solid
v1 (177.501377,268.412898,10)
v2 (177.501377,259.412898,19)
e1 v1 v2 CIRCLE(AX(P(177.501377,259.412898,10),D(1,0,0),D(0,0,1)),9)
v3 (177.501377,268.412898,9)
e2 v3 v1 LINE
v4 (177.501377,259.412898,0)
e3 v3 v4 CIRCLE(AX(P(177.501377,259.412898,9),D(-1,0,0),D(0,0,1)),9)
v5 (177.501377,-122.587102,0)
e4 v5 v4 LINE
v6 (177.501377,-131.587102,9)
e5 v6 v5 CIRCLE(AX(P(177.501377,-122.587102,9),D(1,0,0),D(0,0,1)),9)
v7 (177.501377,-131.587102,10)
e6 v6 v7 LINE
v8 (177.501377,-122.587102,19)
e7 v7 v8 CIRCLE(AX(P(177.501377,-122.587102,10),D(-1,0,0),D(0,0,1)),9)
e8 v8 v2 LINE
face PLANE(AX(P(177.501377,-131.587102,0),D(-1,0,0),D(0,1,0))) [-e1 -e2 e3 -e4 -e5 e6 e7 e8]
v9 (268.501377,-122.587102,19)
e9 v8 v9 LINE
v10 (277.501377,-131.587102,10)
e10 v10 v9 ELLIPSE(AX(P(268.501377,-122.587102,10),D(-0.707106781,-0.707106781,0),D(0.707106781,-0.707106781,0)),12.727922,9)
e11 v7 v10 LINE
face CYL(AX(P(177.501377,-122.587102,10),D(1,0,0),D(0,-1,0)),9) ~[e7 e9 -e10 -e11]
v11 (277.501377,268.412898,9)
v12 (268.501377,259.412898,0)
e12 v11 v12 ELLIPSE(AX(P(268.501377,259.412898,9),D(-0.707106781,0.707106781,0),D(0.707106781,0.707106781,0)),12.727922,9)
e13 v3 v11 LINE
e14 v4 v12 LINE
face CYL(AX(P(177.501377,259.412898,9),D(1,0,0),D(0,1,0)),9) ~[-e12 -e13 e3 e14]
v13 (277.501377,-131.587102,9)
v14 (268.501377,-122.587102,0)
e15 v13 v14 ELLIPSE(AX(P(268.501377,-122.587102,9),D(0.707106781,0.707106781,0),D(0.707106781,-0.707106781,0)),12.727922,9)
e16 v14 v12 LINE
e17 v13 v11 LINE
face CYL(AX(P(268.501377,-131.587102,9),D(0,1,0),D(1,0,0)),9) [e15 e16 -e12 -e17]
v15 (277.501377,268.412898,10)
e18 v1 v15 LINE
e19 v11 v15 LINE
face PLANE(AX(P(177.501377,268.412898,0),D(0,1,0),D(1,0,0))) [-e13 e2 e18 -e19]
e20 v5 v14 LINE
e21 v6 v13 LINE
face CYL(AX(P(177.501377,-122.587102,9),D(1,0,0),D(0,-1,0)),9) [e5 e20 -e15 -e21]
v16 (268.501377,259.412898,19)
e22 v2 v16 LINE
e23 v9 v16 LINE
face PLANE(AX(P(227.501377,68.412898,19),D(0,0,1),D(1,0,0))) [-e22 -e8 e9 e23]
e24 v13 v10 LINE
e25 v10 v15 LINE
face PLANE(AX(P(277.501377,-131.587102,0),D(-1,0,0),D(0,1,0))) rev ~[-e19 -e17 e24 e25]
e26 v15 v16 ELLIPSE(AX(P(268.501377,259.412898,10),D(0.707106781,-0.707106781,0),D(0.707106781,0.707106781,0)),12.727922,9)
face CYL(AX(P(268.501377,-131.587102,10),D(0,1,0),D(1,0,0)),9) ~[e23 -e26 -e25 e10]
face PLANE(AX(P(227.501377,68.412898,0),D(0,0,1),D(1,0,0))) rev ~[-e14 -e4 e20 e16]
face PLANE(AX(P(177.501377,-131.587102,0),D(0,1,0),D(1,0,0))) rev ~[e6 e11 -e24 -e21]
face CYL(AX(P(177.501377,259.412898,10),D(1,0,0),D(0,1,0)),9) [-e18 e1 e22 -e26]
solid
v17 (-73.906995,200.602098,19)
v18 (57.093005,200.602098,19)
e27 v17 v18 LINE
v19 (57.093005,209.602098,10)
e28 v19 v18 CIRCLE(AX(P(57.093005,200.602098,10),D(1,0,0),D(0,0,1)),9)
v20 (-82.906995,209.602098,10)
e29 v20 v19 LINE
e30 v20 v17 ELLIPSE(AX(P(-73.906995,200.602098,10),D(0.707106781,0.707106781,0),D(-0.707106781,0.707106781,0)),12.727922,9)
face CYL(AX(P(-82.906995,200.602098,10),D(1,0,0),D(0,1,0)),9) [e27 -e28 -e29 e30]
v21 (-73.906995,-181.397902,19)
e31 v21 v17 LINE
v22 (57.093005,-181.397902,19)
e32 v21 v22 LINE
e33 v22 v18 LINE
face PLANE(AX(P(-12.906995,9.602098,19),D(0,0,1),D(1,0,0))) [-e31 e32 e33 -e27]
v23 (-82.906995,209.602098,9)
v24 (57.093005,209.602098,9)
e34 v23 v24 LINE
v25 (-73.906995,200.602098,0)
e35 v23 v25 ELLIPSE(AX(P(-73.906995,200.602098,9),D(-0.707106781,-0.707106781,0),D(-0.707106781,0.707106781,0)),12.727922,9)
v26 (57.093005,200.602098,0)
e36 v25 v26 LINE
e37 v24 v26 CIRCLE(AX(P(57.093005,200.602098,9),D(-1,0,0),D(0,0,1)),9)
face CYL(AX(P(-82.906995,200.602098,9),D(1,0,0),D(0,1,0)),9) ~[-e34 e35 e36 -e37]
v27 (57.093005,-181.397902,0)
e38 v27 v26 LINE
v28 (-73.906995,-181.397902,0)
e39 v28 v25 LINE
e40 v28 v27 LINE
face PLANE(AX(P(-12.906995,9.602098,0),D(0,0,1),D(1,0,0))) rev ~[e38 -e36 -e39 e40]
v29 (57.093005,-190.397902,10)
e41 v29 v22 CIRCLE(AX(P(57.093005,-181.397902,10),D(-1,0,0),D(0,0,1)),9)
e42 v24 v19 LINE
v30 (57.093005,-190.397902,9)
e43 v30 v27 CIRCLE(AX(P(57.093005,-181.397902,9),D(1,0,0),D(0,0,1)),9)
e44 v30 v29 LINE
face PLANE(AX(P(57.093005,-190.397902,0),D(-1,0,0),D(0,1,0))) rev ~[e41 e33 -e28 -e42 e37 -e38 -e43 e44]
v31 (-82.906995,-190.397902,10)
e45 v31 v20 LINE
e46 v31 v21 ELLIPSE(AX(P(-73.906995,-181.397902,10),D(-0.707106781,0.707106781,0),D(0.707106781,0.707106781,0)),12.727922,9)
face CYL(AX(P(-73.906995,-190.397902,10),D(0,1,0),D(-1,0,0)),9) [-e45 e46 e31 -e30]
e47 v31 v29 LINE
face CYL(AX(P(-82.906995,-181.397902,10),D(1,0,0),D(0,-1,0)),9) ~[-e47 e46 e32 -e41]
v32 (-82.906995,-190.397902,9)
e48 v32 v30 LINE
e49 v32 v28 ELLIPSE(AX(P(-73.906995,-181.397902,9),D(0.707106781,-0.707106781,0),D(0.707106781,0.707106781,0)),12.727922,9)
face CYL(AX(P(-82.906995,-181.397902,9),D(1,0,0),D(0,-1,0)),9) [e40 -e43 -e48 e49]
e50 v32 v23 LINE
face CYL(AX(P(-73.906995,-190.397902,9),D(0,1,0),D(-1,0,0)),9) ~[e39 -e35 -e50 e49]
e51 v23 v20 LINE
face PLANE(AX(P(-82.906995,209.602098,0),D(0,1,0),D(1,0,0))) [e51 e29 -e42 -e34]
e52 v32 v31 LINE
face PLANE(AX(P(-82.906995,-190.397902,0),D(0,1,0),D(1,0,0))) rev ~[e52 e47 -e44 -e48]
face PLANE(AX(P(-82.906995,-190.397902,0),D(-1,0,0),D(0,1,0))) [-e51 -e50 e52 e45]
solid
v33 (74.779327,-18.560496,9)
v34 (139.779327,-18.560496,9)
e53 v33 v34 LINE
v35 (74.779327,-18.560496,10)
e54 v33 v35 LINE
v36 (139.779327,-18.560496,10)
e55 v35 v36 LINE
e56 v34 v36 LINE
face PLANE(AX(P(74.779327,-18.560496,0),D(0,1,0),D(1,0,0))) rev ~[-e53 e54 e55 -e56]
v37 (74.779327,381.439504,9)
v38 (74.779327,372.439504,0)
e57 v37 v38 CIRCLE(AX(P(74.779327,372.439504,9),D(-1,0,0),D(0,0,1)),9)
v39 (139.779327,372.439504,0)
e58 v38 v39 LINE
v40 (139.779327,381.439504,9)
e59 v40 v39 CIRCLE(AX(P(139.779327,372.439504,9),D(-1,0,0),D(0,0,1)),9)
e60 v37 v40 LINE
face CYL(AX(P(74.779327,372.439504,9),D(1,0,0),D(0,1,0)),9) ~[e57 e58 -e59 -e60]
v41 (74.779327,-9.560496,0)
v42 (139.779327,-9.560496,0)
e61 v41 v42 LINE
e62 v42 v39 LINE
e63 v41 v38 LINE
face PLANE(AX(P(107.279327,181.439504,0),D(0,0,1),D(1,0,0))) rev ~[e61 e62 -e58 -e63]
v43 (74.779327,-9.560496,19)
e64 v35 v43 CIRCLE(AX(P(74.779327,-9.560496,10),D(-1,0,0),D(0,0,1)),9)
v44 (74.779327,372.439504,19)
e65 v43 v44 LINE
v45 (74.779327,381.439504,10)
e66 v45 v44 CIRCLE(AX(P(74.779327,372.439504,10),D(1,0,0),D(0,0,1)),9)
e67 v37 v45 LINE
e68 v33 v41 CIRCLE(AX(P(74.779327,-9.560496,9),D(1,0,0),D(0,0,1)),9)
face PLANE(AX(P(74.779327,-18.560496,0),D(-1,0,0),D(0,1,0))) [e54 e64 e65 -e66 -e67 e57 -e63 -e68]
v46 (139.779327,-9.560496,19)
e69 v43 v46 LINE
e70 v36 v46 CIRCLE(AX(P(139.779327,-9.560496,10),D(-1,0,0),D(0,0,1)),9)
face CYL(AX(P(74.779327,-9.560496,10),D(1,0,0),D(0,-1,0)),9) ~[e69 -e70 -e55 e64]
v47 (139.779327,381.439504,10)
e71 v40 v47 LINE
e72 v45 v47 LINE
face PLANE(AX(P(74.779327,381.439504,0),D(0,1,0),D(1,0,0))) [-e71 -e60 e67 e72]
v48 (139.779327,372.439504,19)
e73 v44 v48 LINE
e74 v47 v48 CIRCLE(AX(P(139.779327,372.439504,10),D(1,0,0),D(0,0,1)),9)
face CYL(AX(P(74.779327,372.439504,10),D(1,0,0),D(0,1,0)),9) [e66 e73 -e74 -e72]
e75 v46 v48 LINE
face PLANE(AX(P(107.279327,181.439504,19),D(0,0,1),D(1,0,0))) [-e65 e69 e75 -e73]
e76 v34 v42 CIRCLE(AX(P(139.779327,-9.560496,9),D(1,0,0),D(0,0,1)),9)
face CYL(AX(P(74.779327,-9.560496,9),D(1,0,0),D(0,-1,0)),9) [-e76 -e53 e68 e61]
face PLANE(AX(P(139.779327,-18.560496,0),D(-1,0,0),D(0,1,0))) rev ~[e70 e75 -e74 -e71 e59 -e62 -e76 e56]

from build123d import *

# Parameters (mm, degrees)
F0_W     = 140
F0_H     = 400
F3_DEPTH = 19
F1_W     = 65
F1_H     = 400
F4_DEPTH = 19
F2_W     = 100
F2_H     = 400
F5_DEPTH = 19
F6_R     = 9
F7_R     = 9
F8_R     = 9


with BuildPart() as f3:
    # F0 (on Top) → F3 (new body)
    with BuildSketch(Plane.XY):
        with Locations((-12.906995, 9.602098)):
            Rectangle(F0_W, F0_H)
    extrude(amount=F3_DEPTH)

    # F6
    f6_edges = [f3.edges().sort_by_distance(p)[0] for p in [
        (-12.906995, -190.397902, 19),
        (-82.906995, 9.602098, 19),
        (-12.906995, 209.602098, 19),
        (-12.906995, -190.397902, 0),
        (-82.906995, 9.602098, 0),
        (-12.906995, 209.602098, 0),
    ]]
    fillet(f6_edges, radius=F6_R)


with BuildPart() as f4:
    # F1 (on Top) → F4 (new body)
    with BuildSketch(Plane.XY):
        with Locations((107.279327, 181.439504)):
            Rectangle(F1_W, F1_H)
    extrude(amount=F4_DEPTH)

    # F7
    f7_edges = [f4.edges().sort_by_distance(p)[0] for p in [
        (107.279327, 381.439504, 19),
        (107.279327, 381.439504, 0),
        (107.279327, -18.560496, 19),
        (107.279327, -18.560496, 0),
    ]]
    fillet(f7_edges, radius=F7_R)


with BuildPart() as f5:
    # F2 (on Top) → F5 (new body)
    with BuildSketch(Plane.XY):
        with Locations((227.501377, 68.412898)):
            Rectangle(F2_W, F2_H)
    extrude(amount=F5_DEPTH)

    # F8
    f8_edges = [f5.edges().sort_by_distance(p)[0] for p in [
        (227.501377, -131.587102, 19),
        (227.501377, -131.587102, 0),
        (277.501377, 68.412898, 19),
        (277.501377, 68.412898, 0),
        (227.501377, 268.412898, 19),
        (227.501377, 268.412898, 0),
    ]]
    fillet(f8_edges, radius=F8_R)


solid = Compound([f3.part, f4.part, f5.part])
